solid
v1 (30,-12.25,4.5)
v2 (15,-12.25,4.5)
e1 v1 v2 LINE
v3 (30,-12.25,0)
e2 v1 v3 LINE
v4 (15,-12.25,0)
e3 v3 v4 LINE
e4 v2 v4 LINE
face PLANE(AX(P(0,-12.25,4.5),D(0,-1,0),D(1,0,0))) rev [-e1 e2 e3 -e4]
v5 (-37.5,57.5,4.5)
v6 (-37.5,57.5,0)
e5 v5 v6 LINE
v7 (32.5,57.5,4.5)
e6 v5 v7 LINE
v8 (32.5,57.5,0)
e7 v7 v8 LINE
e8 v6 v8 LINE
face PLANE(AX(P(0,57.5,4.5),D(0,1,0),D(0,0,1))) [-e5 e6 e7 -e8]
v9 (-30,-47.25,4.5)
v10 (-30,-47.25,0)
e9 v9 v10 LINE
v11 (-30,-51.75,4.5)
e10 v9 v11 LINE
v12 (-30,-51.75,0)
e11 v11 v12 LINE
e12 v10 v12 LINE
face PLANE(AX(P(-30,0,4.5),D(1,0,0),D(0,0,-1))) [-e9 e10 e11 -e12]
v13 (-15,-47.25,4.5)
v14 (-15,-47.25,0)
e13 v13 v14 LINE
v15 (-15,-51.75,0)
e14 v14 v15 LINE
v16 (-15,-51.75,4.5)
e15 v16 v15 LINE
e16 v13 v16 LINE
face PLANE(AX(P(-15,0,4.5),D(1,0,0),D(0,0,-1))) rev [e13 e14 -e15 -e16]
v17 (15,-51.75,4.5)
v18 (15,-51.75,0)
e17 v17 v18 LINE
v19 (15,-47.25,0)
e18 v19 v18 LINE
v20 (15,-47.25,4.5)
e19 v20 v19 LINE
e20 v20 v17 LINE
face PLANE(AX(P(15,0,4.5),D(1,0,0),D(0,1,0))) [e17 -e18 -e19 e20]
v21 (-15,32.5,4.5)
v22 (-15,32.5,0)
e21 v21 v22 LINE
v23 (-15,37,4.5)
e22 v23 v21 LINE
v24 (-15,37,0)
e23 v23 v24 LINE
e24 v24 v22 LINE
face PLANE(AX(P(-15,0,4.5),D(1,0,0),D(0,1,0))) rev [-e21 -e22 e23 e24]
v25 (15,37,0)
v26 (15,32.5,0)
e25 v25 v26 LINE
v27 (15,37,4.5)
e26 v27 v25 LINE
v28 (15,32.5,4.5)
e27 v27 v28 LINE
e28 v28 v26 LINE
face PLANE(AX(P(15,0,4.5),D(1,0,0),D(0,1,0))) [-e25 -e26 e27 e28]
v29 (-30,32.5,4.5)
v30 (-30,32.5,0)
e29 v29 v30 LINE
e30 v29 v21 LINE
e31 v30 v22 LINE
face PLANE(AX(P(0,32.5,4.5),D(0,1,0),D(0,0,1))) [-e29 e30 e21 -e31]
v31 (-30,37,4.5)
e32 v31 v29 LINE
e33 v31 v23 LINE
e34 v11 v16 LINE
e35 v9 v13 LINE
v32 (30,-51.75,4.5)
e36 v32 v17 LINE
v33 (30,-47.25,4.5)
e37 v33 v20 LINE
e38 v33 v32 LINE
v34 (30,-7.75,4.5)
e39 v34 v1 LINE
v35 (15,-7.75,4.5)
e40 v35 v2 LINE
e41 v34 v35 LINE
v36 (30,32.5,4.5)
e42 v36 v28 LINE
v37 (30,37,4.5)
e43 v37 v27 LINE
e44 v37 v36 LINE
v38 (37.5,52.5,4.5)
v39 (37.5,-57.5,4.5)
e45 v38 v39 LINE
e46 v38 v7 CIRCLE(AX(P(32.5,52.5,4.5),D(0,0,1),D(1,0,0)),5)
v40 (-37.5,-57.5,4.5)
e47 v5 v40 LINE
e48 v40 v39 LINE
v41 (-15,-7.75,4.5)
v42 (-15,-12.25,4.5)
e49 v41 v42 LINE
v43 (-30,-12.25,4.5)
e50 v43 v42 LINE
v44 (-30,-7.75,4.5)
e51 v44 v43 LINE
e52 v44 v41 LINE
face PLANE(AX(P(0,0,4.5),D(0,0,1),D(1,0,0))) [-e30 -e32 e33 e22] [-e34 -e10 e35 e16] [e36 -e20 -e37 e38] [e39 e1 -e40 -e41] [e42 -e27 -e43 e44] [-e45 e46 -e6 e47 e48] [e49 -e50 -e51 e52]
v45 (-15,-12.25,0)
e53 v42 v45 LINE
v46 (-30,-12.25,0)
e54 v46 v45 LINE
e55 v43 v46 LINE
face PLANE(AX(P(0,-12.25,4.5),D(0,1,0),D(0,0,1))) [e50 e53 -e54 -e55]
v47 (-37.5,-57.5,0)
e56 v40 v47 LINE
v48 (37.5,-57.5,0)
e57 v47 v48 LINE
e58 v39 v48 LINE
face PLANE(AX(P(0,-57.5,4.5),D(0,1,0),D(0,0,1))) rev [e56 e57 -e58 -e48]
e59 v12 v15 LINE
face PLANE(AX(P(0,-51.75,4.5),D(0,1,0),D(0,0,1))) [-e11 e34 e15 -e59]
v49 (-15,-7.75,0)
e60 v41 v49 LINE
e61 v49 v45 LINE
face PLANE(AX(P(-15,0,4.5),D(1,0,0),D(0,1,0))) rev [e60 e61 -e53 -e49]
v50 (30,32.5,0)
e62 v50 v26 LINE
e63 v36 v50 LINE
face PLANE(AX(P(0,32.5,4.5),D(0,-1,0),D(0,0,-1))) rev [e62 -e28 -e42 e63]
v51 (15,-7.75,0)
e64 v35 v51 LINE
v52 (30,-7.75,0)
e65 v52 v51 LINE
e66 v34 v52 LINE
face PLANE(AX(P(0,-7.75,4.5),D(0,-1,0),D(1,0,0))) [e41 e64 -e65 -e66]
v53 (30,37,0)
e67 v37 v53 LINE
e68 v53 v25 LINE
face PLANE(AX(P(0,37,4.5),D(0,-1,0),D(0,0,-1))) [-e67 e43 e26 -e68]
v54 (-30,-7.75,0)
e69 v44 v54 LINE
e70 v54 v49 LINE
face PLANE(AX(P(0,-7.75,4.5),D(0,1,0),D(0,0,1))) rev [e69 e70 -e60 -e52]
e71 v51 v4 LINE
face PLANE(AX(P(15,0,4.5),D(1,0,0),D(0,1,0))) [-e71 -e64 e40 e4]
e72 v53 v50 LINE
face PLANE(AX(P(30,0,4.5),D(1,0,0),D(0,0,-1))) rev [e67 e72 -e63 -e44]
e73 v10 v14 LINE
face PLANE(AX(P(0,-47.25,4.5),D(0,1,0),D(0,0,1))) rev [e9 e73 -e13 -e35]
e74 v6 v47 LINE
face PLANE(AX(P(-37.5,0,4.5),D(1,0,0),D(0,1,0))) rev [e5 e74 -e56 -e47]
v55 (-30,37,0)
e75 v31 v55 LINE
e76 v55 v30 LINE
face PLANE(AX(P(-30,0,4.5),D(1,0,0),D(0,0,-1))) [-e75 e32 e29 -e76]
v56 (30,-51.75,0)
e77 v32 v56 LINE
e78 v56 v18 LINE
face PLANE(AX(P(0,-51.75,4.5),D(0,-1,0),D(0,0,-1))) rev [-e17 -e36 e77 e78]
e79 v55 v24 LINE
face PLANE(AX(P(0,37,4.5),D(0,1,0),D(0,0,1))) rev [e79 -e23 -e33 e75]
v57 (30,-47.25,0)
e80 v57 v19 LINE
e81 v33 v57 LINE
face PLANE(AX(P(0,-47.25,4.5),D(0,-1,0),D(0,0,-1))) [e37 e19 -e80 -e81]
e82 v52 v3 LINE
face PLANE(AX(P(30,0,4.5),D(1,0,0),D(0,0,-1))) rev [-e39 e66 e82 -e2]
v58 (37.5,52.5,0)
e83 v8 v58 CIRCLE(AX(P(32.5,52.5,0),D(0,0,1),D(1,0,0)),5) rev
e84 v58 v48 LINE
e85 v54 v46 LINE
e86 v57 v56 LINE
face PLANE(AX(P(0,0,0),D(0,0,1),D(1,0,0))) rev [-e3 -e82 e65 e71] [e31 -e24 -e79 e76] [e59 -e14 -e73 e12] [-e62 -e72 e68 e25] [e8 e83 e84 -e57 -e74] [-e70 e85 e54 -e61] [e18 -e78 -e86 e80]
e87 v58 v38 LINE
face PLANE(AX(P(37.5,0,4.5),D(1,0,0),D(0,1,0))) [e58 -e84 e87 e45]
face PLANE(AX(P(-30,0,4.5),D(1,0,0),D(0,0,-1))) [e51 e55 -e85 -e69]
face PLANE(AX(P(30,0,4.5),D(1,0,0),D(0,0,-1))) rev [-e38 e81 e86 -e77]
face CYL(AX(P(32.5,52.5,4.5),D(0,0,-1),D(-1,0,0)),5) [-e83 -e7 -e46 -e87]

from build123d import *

# Parameters (mm, degrees)
SKETCH1_W           = 75
SKETCH1_H           = 115
SKETCH1_W_2         = 15
SKETCH1_H_2         = 4.5
BOSS_EXTRUDE1_DEPTH = 4.5
FILLET1_R           = 5


with BuildPart() as part:
    # Sketch1 → Boss-Extrude1 (new body)
    with BuildSketch(Plane.XY):
        Rectangle(SKETCH1_W, SKETCH1_H)
        with Locations((22.5, 34.75)):
            Rectangle(SKETCH1_W_2, SKETCH1_H_2, mode=Mode.SUBTRACT)
        with Locations((-22.5, 34.75)):
            Rectangle(SKETCH1_W_2, SKETCH1_H_2, mode=Mode.SUBTRACT)
        with Locations((22.5, -10)):
            Rectangle(SKETCH1_W_2, SKETCH1_H_2, mode=Mode.SUBTRACT)
        with Locations((-22.5, -10)):
            Rectangle(SKETCH1_W_2, SKETCH1_H_2, mode=Mode.SUBTRACT)
        with Locations((22.5, -49.5)):
            Rectangle(SKETCH1_W_2, SKETCH1_H_2, mode=Mode.SUBTRACT)
        with Locations((-22.5, -49.5)):
            Rectangle(SKETCH1_W_2, SKETCH1_H_2, mode=Mode.SUBTRACT)
    extrude(amount=BOSS_EXTRUDE1_DEPTH)

    # Fillet1
    fillet1_edges = [part.edges().sort_by_distance(p)[0] for p in [
        (37.5, 57.5, 2.25),
    ]]
    fillet(fillet1_edges, radius=FILLET1_R)


solid = part.part
